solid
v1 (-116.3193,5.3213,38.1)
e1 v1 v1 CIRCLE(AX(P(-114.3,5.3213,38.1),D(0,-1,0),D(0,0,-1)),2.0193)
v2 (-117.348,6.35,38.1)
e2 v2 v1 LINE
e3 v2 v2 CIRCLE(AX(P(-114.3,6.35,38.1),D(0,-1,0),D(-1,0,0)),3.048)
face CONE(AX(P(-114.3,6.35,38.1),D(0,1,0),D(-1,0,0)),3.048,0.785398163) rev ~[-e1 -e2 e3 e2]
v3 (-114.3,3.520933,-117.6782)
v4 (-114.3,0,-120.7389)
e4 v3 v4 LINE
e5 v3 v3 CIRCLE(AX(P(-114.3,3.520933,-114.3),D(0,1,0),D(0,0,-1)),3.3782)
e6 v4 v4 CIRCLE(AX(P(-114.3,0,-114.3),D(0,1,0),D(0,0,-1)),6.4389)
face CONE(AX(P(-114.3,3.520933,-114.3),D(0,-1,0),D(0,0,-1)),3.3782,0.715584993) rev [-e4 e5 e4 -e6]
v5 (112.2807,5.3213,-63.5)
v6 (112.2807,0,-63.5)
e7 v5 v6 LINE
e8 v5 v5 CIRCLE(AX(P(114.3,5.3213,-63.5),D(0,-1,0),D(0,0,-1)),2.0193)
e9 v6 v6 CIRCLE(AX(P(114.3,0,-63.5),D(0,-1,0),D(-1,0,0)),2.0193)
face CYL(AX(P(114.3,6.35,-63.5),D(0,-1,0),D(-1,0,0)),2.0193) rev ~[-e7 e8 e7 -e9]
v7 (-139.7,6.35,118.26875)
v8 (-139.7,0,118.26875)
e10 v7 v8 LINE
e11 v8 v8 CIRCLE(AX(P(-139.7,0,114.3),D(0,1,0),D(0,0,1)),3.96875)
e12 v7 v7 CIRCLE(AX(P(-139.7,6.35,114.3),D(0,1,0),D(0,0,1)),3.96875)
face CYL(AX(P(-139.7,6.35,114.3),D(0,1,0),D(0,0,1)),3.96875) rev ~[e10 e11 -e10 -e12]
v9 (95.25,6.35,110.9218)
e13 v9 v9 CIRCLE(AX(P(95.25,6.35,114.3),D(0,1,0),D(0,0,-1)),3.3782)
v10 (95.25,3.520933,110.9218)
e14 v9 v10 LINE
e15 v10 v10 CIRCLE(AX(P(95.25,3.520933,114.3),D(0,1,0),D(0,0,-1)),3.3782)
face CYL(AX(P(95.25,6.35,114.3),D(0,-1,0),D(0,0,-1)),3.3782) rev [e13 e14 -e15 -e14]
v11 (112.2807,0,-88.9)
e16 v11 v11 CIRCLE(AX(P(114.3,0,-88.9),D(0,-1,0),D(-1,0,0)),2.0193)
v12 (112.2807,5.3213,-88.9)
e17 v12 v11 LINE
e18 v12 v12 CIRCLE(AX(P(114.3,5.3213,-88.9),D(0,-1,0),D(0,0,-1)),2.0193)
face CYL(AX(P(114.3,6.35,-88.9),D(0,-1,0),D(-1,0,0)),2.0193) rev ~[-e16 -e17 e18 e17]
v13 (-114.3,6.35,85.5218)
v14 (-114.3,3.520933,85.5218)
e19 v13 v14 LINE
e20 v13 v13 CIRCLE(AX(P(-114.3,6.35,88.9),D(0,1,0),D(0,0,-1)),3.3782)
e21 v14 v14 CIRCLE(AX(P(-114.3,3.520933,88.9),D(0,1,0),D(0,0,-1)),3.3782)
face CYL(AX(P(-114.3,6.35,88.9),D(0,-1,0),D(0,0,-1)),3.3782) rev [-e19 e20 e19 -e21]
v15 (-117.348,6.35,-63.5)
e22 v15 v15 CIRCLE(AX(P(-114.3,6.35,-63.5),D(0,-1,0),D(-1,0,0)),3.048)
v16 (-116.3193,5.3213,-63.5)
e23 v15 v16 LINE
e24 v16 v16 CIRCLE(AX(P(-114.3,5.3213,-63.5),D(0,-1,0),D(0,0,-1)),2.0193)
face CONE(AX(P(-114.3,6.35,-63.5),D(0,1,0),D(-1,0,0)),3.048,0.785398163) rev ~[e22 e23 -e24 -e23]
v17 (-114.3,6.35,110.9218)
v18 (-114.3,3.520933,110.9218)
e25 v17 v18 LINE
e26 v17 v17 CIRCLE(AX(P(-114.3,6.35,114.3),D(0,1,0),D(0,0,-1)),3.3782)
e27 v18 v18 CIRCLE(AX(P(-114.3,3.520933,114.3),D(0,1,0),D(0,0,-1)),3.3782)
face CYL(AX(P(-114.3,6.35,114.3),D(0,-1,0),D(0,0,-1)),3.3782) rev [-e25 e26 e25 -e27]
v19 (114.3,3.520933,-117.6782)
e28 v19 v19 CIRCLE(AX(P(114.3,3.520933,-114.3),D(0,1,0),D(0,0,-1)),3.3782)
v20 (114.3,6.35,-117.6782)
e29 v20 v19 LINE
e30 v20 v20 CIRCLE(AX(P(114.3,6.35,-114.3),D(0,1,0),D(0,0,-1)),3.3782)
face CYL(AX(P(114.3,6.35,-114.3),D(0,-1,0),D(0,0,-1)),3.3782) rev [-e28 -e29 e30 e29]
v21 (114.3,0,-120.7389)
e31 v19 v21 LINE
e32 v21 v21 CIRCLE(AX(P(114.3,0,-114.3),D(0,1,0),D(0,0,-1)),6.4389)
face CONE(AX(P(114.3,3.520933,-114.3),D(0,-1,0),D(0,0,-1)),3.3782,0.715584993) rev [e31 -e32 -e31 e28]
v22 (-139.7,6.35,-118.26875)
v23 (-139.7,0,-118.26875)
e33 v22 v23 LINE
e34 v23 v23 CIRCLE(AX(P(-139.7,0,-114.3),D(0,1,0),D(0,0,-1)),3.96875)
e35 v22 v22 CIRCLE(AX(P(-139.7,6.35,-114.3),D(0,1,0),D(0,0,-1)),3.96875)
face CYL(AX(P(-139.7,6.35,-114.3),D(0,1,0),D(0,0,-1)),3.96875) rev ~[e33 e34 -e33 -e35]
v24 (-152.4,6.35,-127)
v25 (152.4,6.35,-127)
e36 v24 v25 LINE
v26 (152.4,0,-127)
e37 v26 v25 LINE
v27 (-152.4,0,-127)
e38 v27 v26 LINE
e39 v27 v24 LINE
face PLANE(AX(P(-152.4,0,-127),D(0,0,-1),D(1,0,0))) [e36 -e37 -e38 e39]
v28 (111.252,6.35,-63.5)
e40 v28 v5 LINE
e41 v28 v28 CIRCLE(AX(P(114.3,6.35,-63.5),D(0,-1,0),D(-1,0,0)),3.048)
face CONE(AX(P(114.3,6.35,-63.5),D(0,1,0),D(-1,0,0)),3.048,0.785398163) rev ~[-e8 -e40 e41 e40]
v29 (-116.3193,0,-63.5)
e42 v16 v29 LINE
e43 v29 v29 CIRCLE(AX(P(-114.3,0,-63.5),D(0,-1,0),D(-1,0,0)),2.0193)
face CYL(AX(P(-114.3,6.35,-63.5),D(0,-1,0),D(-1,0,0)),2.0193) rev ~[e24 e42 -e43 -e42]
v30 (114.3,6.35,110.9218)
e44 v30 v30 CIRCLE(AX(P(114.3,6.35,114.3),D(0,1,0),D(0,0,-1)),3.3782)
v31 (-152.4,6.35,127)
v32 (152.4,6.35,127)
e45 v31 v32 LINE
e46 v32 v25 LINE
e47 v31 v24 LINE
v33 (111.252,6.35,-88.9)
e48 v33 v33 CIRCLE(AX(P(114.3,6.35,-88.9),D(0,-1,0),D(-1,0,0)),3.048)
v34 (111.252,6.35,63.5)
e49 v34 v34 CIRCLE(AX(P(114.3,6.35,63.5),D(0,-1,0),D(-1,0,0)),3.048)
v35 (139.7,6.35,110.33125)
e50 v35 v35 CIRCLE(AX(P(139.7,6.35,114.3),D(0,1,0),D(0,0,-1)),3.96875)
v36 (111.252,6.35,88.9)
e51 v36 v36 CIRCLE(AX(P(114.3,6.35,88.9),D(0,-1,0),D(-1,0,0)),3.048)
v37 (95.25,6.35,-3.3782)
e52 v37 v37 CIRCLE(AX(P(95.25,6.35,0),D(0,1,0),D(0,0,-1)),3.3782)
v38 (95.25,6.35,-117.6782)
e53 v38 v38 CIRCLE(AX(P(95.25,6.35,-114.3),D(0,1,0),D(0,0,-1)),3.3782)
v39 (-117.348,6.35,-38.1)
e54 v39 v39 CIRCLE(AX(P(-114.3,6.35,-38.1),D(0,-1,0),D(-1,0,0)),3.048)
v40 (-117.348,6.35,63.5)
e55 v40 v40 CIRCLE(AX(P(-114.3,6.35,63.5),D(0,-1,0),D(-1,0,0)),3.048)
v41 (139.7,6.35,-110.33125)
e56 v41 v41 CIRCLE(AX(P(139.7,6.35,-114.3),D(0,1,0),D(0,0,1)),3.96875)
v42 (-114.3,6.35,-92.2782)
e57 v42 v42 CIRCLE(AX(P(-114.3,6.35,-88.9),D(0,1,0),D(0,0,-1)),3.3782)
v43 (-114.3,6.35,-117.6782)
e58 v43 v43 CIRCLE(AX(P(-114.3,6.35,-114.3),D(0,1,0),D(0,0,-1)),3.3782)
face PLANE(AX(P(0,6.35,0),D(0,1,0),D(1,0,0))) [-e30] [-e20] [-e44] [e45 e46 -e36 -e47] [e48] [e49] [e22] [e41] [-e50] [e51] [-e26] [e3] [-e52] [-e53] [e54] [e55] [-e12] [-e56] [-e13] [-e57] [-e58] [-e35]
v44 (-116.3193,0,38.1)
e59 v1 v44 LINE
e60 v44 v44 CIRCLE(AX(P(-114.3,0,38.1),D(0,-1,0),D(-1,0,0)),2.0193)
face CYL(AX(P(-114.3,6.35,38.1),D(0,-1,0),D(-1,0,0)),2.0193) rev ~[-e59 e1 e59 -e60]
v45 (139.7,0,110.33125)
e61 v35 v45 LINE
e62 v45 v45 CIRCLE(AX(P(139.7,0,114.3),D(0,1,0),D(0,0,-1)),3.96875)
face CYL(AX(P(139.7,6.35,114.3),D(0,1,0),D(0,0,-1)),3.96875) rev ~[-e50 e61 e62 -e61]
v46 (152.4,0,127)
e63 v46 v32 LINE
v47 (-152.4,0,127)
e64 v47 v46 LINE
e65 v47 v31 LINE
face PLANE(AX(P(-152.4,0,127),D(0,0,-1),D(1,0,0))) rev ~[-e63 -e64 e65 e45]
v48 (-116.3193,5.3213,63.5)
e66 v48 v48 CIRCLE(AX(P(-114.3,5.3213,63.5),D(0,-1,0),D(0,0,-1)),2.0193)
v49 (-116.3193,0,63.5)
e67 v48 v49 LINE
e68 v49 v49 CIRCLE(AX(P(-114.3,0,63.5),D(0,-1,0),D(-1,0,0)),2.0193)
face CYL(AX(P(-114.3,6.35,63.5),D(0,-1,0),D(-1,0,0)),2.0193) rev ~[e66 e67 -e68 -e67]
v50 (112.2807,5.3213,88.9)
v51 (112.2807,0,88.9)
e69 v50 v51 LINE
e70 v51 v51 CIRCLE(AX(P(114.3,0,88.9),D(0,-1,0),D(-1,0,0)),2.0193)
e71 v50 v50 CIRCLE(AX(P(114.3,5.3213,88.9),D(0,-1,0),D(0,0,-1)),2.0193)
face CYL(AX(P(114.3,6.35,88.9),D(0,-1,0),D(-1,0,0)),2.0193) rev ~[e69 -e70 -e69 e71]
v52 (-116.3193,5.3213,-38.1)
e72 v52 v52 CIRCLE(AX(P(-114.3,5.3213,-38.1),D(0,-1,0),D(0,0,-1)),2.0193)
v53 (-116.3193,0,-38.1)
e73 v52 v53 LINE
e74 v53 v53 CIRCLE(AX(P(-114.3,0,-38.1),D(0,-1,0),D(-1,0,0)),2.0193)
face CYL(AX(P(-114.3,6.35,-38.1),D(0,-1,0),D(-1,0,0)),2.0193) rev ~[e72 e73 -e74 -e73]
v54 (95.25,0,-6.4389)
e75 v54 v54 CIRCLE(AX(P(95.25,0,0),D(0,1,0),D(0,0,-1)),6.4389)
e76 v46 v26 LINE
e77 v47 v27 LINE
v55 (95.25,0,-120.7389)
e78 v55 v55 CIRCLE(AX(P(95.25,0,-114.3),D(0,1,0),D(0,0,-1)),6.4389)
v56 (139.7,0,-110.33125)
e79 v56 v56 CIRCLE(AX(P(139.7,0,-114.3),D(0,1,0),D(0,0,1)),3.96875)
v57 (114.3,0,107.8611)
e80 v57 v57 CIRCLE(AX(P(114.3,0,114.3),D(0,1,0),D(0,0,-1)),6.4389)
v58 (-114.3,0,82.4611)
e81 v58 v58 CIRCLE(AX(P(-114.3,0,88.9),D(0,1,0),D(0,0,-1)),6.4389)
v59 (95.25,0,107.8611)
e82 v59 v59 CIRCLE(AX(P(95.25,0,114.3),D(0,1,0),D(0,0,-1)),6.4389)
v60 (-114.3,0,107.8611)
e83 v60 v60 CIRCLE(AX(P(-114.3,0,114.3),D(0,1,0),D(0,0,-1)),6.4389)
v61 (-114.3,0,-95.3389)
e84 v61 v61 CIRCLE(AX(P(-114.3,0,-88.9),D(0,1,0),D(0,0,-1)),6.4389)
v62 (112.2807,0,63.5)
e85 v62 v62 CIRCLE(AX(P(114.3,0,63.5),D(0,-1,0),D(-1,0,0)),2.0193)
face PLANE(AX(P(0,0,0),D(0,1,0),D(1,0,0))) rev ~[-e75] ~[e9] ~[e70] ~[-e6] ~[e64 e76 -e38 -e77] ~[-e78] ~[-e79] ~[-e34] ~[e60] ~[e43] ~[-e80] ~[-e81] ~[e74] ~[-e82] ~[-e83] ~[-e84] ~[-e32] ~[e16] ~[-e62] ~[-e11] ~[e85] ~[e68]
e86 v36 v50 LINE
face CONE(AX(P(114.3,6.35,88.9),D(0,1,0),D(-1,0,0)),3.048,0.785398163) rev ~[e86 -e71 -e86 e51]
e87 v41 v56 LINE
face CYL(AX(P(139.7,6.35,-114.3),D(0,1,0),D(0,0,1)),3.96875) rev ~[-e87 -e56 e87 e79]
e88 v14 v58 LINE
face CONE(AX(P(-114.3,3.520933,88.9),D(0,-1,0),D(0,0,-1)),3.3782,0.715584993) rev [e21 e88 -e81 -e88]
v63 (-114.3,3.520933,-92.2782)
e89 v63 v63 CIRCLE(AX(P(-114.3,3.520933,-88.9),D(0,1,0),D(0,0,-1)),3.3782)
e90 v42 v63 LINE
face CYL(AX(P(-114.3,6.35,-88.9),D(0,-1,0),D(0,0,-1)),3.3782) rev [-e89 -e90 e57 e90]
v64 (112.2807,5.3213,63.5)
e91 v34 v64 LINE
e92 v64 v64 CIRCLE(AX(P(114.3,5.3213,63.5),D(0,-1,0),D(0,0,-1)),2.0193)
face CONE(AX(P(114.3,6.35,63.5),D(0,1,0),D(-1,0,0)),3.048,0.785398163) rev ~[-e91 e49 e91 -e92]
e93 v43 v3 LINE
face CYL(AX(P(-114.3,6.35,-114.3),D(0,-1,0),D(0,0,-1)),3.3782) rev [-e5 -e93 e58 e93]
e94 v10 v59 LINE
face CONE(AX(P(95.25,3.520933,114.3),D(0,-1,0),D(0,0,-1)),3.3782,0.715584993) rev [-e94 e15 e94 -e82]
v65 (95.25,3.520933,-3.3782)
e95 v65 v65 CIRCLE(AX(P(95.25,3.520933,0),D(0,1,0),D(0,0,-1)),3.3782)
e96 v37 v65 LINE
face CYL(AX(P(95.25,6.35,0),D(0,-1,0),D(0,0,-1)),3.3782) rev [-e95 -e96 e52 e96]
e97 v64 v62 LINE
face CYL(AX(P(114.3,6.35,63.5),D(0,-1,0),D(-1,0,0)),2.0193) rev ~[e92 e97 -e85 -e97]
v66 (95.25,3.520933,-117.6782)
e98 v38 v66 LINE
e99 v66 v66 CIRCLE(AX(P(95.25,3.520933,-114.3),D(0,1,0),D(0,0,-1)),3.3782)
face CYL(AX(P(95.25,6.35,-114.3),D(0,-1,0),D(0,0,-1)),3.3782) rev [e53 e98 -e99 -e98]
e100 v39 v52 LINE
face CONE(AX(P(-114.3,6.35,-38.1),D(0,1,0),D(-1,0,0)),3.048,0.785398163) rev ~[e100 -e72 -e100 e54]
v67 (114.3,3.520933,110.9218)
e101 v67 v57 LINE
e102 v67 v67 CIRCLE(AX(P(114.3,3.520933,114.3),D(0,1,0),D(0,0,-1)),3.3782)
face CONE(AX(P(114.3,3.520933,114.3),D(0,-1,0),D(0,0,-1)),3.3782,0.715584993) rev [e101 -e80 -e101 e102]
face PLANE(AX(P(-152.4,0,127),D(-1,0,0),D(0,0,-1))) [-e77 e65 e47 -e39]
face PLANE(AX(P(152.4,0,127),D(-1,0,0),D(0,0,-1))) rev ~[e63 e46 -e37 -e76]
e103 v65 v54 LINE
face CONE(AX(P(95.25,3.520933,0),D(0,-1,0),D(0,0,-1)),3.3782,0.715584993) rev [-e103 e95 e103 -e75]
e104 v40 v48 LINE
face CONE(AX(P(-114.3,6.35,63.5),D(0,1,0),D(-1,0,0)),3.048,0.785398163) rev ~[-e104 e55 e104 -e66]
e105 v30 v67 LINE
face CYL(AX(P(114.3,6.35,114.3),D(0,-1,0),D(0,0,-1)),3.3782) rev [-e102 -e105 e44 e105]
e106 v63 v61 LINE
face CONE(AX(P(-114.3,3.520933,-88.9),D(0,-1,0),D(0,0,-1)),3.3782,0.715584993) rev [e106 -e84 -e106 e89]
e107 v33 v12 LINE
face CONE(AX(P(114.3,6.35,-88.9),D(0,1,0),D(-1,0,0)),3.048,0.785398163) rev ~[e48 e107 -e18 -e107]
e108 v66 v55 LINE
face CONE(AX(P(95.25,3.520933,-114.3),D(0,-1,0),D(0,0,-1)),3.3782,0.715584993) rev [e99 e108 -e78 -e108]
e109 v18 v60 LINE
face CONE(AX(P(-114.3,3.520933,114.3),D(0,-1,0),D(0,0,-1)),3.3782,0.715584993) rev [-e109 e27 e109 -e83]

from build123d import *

# Parameters (mm, degrees)
SKETCH2_W                                     = 304.8
SKETCH2_H                                     = 254
BOSS_EXTRUDE1_DEPTH                           = 6.35
SKETCH3_R                                     = 3.96875
CUT_EXTRUDE1_DEPTH                            = 199.481945023
CSK_FOR_1_4_FLAT_HEAD_MACHINE_SCREW1_AT_COUNT = 2
CSK_FOR_1_4_FLAT_HEAD_MACHINE_SCREW1_AT_PITCH = 228.6
CSK_FOR_1_4_FLAT_HEAD_MACHINE_SCREW1_2_COUNT  = 2
CSK_FOR_1_4_FLAT_HEAD_MACHINE_SCREW1_2_PITCH  = 323.289220358
CSK_FOR_1_4_FLAT_HEAD_MACHINE_SCREW1_3_COUNT  = 2
CSK_FOR_1_4_FLAT_HEAD_MACHINE_SCREW1_3_PITCH  = 228.6
CSK_FOR_1_4_FLAT_HEAD_MACHINE_SCREW1_4_COUNT  = 2
CSK_FOR_1_4_FLAT_HEAD_MACHINE_SCREW1_4_PITCH  = 209.55
CSK_FOR_1_4_FLAT_HEAD_MACHINE_SCREW1_5_COUNT  = 2
CSK_FOR_1_4_FLAT_HEAD_MACHINE_SCREW1_5_PITCH  = 238.695815841
CSK_FOR_1_4_FLAT_HEAD_MACHINE_SCREW1_6_COUNT  = 2
CSK_FOR_1_4_FLAT_HEAD_MACHINE_SCREW1_6_PITCH  = 310.111532356
CSK_FOR_1_4_FLAT_HEAD_MACHINE_SCREW1_7_COUNT  = 2
CSK_FOR_1_4_FLAT_HEAD_MACHINE_SCREW1_7_PITCH  = 25.4
CSK_FOR_1_4_FLAT_HEAD_MACHINE_SCREW1_8_COUNT  = 2
CSK_FOR_1_4_FLAT_HEAD_MACHINE_SCREW1_8_PITCH  = 203.2
F_10_32_TAPPED_HOLE1_D                        = 4.0386
F_10_32_TAPPED_HOLE1_CSINK_D                  = 6.096
F_10_32_TAPPED_HOLE1_CSINK_ANGLE              = 90


with BuildPart() as part:
    # Sketch2 → Boss-Extrude1 (new body)
    with BuildSketch(Plane(origin=(0, 0, 0), x_dir=(1, 0, 0), z_dir=(0, 1, 0))):
        Rectangle(SKETCH2_W, SKETCH2_H)
    extrude(amount=BOSS_EXTRUDE1_DEPTH)

    # Sketch3 → Cut-Extrude1 (cut, through all)
    with BuildSketch(Plane(origin=(0, 6.35, 0), x_dir=(1, 0, 0), z_dir=(0, 1, 0))):
        with Locations(Location((139.7, 114.3, 0), (0, 0, 270))):
            Circle(SKETCH3_R)
        with Locations(Location((139.7, -114.3, 0), (0, 0, 90))):
            Circle(SKETCH3_R)
        with Locations(Location((-139.7, 114.3, 0), (0, 0, 90))):
            Circle(SKETCH3_R)
        with Locations(Location((-139.7, -114.3, 0), (0, 0, 270))):
            Circle(SKETCH3_R)
    extrude(amount=-CUT_EXTRUDE1_DEPTH, mode=Mode.SUBTRACT)

    # Sketch5 → CSK for 1/4 Flat Head Machine Screw1 (revolve, cut)
    with BuildSketch(Plane(origin=(-114.3, 0, -114.3), x_dir=(0, 0, -1), z_dir=(1, 0, 0))):
        Polygon((0, 0), (0, 6.35), (3.3782, 6.35), (3.3782, 3.520932584), (6.4389, 0), align=None)
    csk_for_1_4_flat_head_machine_screw1 = revolve(axis=Axis((-114.3, -6.35, -114.3), (0, 1, 0)), mode=Mode.SUBTRACT)

    # CSK for 1/4 Flat Head Machine Screw1 at: CSK for 1/4 Flat Head Machine Screw1 ×2
    with Locations(*[(0, 0, i * CSK_FOR_1_4_FLAT_HEAD_MACHINE_SCREW1_AT_PITCH) for i in range(1, CSK_FOR_1_4_FLAT_HEAD_MACHINE_SCREW1_AT_COUNT)]):
        add(csk_for_1_4_flat_head_machine_screw1, mode=Mode.SUBTRACT)

    # CSK for 1_4 Flat Head Machine Screw1 2: CSK for 1/4 Flat Head Machine Screw1 ×2
    with Locations(*[Vector(0.7071067811865474, 0, 0.7071067811865477) * (i * CSK_FOR_1_4_FLAT_HEAD_MACHINE_SCREW1_2_PITCH) for i in range(1, CSK_FOR_1_4_FLAT_HEAD_MACHINE_SCREW1_2_COUNT)]):
        add(csk_for_1_4_flat_head_machine_screw1, mode=Mode.SUBTRACT)

    # CSK for 1_4 Flat Head Machine Screw1 3: CSK for 1/4 Flat Head Machine Screw1 ×2
    with Locations(*[(i * CSK_FOR_1_4_FLAT_HEAD_MACHINE_SCREW1_3_PITCH, 0, 0) for i in range(1, CSK_FOR_1_4_FLAT_HEAD_MACHINE_SCREW1_3_COUNT)]):
        add(csk_for_1_4_flat_head_machine_screw1, mode=Mode.SUBTRACT)

    # CSK for 1_4 Flat Head Machine Screw1 4: CSK for 1/4 Flat Head Machine Screw1 ×2
    with Locations(*[(i * CSK_FOR_1_4_FLAT_HEAD_MACHINE_SCREW1_4_PITCH, 0, 0) for i in range(1, CSK_FOR_1_4_FLAT_HEAD_MACHINE_SCREW1_4_COUNT)]):
        add(csk_for_1_4_flat_head_machine_screw1, mode=Mode.SUBTRACT)

    # CSK for 1_4 Flat Head Machine Screw1 5: CSK for 1/4 Flat Head Machine Screw1 ×2
    with Locations(*[Vector(0.8778955729143844, 0, 0.47885213068057336) * (i * CSK_FOR_1_4_FLAT_HEAD_MACHINE_SCREW1_5_PITCH) for i in range(1, CSK_FOR_1_4_FLAT_HEAD_MACHINE_SCREW1_5_COUNT)]):
        add(csk_for_1_4_flat_head_machine_screw1, mode=Mode.SUBTRACT)

    # CSK for 1_4 Flat Head Machine Screw1 6: CSK for 1/4 Flat Head Machine Screw1 ×2
    with Locations(*[Vector(0.6757246285173463, 0, 0.7371541402007415) * (i * CSK_FOR_1_4_FLAT_HEAD_MACHINE_SCREW1_6_PITCH) for i in range(1, CSK_FOR_1_4_FLAT_HEAD_MACHINE_SCREW1_6_COUNT)]):
        add(csk_for_1_4_flat_head_machine_screw1, mode=Mode.SUBTRACT)

    # CSK for 1_4 Flat Head Machine Screw1 7: CSK for 1/4 Flat Head Machine Screw1 ×2
    with Locations(*[(0, 0, i * CSK_FOR_1_4_FLAT_HEAD_MACHINE_SCREW1_7_PITCH) for i in range(1, CSK_FOR_1_4_FLAT_HEAD_MACHINE_SCREW1_7_COUNT)]):
        add(csk_for_1_4_flat_head_machine_screw1, mode=Mode.SUBTRACT)

    # CSK for 1_4 Flat Head Machine Screw1 8: CSK for 1/4 Flat Head Machine Screw1 ×2
    with Locations(*[(0, 0, i * CSK_FOR_1_4_FLAT_HEAD_MACHINE_SCREW1_8_PITCH) for i in range(1, CSK_FOR_1_4_FLAT_HEAD_MACHINE_SCREW1_8_COUNT)]):
        add(csk_for_1_4_flat_head_machine_screw1, mode=Mode.SUBTRACT)

    # #10-32 Tapped Hole1 (through all)
    with Locations(Plane(origin=(0, 6.35, 0), x_dir=(1, 0, 0), z_dir=(0, 1, 0))):
        with Locations((114.3, -88.9), (114.3, -63.5), (114.3, 63.5), (114.3, 88.9), (-114.3, 63.5), (-114.3, 38.1), (-114.3, -63.5), (-114.3, -38.1)):
            CounterSinkHole(F_10_32_TAPPED_HOLE1_D / 2, F_10_32_TAPPED_HOLE1_CSINK_D / 2, counter_sink_angle=F_10_32_TAPPED_HOLE1_CSINK_ANGLE)


solid = part.part
